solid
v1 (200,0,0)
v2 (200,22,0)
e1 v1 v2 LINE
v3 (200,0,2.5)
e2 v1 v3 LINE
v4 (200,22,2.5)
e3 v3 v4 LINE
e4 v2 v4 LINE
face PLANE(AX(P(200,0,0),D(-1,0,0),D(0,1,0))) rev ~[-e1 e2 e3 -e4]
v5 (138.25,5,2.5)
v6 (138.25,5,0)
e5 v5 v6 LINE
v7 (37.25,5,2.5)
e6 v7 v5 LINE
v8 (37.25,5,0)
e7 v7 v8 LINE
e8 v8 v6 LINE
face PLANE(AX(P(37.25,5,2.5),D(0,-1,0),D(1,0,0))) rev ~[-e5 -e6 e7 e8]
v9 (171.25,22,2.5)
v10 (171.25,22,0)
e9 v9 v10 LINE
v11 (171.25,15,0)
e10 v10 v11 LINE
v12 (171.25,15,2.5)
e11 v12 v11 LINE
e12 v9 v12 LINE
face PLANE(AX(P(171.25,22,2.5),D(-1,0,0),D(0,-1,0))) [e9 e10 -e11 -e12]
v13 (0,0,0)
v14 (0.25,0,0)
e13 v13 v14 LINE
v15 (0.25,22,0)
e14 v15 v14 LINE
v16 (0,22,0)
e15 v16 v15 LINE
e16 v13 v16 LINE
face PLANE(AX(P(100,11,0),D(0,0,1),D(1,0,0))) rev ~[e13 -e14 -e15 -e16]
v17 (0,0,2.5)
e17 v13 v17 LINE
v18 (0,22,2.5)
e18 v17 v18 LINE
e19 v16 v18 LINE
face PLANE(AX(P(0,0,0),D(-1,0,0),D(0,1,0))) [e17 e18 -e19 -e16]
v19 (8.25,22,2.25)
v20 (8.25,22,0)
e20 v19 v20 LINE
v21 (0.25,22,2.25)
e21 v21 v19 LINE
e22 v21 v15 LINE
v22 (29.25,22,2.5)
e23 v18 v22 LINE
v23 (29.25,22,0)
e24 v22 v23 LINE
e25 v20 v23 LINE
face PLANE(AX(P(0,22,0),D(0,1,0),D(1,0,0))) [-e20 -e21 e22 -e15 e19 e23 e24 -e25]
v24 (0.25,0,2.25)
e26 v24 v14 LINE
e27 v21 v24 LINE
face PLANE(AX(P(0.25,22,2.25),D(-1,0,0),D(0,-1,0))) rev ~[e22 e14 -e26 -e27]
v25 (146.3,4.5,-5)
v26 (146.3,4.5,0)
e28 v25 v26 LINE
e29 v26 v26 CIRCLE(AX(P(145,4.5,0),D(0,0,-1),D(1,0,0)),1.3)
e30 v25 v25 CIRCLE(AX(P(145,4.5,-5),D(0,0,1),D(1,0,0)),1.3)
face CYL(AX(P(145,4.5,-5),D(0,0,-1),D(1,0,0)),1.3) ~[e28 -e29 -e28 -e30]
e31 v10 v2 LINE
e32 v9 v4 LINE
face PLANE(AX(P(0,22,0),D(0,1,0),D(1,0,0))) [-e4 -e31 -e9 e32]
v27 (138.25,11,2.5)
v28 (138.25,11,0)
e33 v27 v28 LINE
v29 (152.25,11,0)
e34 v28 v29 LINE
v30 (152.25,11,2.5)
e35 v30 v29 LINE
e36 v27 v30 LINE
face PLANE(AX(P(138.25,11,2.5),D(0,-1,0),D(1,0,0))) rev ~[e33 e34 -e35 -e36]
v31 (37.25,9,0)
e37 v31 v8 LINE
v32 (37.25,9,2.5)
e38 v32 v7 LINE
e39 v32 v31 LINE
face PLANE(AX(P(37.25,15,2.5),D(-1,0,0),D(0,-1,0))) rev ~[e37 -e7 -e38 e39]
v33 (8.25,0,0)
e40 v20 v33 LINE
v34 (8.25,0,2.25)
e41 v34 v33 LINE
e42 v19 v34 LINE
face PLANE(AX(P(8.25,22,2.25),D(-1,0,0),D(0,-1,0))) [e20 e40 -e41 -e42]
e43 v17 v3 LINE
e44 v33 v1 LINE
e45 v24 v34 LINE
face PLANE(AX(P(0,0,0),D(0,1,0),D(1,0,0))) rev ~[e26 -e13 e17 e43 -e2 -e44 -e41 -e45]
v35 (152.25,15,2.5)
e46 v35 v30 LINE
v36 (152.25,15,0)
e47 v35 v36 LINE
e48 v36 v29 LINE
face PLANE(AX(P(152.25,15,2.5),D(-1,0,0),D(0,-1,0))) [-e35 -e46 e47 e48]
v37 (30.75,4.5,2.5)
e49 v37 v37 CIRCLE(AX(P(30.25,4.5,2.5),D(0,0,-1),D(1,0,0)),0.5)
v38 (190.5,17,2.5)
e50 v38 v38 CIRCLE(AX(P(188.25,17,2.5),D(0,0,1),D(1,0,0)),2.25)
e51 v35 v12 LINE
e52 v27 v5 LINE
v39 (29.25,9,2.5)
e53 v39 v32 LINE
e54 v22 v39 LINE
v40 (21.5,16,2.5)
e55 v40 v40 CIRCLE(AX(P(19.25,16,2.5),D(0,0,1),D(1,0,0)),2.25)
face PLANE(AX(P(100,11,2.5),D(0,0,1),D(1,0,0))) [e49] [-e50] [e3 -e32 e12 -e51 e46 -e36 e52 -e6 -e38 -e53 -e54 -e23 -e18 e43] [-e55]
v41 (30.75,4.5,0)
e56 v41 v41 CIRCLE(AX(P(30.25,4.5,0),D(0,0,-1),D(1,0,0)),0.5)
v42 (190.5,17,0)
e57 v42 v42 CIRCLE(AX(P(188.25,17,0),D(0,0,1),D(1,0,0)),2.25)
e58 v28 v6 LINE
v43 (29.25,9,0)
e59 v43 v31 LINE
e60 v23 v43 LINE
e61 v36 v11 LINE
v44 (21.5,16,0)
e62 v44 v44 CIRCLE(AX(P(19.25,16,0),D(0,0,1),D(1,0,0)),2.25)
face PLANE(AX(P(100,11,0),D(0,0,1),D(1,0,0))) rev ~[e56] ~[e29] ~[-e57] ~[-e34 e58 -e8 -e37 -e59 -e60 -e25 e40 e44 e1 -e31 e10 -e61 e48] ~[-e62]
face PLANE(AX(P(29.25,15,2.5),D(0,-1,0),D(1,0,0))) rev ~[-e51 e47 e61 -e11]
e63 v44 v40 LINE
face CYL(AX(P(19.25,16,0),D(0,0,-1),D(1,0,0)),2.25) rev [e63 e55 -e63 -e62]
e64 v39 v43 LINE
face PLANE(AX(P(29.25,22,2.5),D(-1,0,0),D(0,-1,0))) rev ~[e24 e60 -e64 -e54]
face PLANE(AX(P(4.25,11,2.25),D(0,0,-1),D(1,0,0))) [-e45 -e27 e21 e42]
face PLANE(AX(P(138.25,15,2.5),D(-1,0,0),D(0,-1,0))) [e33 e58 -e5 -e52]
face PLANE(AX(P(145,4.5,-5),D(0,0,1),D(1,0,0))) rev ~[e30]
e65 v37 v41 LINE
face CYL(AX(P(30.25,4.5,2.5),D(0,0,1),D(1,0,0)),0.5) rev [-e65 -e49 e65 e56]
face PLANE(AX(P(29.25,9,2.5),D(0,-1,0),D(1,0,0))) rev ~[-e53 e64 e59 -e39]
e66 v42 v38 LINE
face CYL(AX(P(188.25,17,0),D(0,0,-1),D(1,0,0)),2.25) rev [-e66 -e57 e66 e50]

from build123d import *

# Parameters (mm, degrees)
BOX_W             = 200
BOX_H             = 22
BOX_DEPTH         = 2.5
CYLINDER_R        = 2.25
CYLINDER_DEPTH    = 2.5
CYLINDER001_R     = 2.25
CYLINDER001_DEPTH = 2.5
CYLINDER003_R     = 1.3
CYLINDER003_DEPTH = 6
CYLINDER004_R     = 0.5
CYLINDER004_DEPTH = 2.5
BOX003_W          = 8
BOX003_H          = 22
BOX003_DEPTH      = 10
BOX004_W          = 101
BOX004_H          = 10
BOX004_DEPTH      = 2.5
BOX005_W          = 142
BOX005_H          = 7
BOX005_DEPTH      = 2.5
BOX006_W          = 8
BOX006_H          = 6
BOX006_DEPTH      = 10
BOX007_W          = 14
BOX007_H          = 4
BOX007_DEPTH      = 2.5


with BuildPart() as part:
    # Box → Box (join)
    with BuildSketch(Plane.XY):
        with Locations((100, 11)):
            Rectangle(BOX_W, BOX_H)
    extrude(amount=BOX_DEPTH)

    # Cylinder → Cylinder (cut)
    with BuildSketch(Plane(origin=(19.25, 16, 0), x_dir=(1, 0, 0), z_dir=(0, 0, 1))):
        Circle(CYLINDER_R)
    extrude(amount=CYLINDER_DEPTH, mode=Mode.SUBTRACT)

    # Cylinder001 → Cylinder001 (cut)
    with BuildSketch(Plane(origin=(188.25, 17, 0), x_dir=(1, 0, 0), z_dir=(0, 0, 1))):
        Circle(CYLINDER001_R)
    extrude(amount=CYLINDER001_DEPTH, mode=Mode.SUBTRACT)

    # Cylinder003 → Cylinder003 (join)
    with BuildSketch(Plane(origin=(145, 4.5, -5), x_dir=(1, 0, 0), z_dir=(0, 0, 1))):
        Circle(CYLINDER003_R)
    extrude(amount=CYLINDER003_DEPTH)

    # Cylinder004 → Cylinder004 (cut)
    with BuildSketch(Plane(origin=(30.25, 4.5, 2.5), x_dir=(1, 0, 0), z_dir=(0, 0, -1))):
        Circle(CYLINDER004_R)
    extrude(amount=CYLINDER004_DEPTH, mode=Mode.SUBTRACT)

    # Box003 → Box003 (cut)
    with BuildSketch(Plane(origin=(0.25, 22, 2.25), x_dir=(1, 0, 0), z_dir=(0, 0, -1))):
        with Locations((4, 11)):
            Rectangle(BOX003_W, BOX003_H)
    extrude(amount=BOX003_DEPTH, mode=Mode.SUBTRACT)

    # Box004 → Box004 (cut)
    with BuildSketch(Plane(origin=(37.25, 15, 2.5), x_dir=(1, 0, 0), z_dir=(0, 0, -1))):
        with Locations((50.5, 5)):
            Rectangle(BOX004_W, BOX004_H)
    extrude(amount=BOX004_DEPTH, mode=Mode.SUBTRACT)

    # Box005 → Box005 (cut)
    with BuildSketch(Plane(origin=(29.25, 22, 2.5), x_dir=(1, 0, 0), z_dir=(0, 0, -1))):
        with Locations((71, 3.5)):
            Rectangle(BOX005_W, BOX005_H)
    extrude(amount=BOX005_DEPTH, mode=Mode.SUBTRACT)

    # Box006 → Box006 (cut)
    with BuildSketch(Plane(origin=(29.25, 15, 2.5), x_dir=(1, 0, 0), z_dir=(0, 0, -1))):
        with Locations((4, 3)):
            Rectangle(BOX006_W, BOX006_H)
    extrude(amount=BOX006_DEPTH, mode=Mode.SUBTRACT)

    # Box007 → Box007 (cut)
    with BuildSketch(Plane(origin=(138.25, 15, 2.5), x_dir=(1, 0, 0), z_dir=(0, 0, -1))):
        with Locations((7, 2)):
            Rectangle(BOX007_W, BOX007_H)
    extrude(amount=BOX007_DEPTH, mode=Mode.SUBTRACT)


solid = part.part
